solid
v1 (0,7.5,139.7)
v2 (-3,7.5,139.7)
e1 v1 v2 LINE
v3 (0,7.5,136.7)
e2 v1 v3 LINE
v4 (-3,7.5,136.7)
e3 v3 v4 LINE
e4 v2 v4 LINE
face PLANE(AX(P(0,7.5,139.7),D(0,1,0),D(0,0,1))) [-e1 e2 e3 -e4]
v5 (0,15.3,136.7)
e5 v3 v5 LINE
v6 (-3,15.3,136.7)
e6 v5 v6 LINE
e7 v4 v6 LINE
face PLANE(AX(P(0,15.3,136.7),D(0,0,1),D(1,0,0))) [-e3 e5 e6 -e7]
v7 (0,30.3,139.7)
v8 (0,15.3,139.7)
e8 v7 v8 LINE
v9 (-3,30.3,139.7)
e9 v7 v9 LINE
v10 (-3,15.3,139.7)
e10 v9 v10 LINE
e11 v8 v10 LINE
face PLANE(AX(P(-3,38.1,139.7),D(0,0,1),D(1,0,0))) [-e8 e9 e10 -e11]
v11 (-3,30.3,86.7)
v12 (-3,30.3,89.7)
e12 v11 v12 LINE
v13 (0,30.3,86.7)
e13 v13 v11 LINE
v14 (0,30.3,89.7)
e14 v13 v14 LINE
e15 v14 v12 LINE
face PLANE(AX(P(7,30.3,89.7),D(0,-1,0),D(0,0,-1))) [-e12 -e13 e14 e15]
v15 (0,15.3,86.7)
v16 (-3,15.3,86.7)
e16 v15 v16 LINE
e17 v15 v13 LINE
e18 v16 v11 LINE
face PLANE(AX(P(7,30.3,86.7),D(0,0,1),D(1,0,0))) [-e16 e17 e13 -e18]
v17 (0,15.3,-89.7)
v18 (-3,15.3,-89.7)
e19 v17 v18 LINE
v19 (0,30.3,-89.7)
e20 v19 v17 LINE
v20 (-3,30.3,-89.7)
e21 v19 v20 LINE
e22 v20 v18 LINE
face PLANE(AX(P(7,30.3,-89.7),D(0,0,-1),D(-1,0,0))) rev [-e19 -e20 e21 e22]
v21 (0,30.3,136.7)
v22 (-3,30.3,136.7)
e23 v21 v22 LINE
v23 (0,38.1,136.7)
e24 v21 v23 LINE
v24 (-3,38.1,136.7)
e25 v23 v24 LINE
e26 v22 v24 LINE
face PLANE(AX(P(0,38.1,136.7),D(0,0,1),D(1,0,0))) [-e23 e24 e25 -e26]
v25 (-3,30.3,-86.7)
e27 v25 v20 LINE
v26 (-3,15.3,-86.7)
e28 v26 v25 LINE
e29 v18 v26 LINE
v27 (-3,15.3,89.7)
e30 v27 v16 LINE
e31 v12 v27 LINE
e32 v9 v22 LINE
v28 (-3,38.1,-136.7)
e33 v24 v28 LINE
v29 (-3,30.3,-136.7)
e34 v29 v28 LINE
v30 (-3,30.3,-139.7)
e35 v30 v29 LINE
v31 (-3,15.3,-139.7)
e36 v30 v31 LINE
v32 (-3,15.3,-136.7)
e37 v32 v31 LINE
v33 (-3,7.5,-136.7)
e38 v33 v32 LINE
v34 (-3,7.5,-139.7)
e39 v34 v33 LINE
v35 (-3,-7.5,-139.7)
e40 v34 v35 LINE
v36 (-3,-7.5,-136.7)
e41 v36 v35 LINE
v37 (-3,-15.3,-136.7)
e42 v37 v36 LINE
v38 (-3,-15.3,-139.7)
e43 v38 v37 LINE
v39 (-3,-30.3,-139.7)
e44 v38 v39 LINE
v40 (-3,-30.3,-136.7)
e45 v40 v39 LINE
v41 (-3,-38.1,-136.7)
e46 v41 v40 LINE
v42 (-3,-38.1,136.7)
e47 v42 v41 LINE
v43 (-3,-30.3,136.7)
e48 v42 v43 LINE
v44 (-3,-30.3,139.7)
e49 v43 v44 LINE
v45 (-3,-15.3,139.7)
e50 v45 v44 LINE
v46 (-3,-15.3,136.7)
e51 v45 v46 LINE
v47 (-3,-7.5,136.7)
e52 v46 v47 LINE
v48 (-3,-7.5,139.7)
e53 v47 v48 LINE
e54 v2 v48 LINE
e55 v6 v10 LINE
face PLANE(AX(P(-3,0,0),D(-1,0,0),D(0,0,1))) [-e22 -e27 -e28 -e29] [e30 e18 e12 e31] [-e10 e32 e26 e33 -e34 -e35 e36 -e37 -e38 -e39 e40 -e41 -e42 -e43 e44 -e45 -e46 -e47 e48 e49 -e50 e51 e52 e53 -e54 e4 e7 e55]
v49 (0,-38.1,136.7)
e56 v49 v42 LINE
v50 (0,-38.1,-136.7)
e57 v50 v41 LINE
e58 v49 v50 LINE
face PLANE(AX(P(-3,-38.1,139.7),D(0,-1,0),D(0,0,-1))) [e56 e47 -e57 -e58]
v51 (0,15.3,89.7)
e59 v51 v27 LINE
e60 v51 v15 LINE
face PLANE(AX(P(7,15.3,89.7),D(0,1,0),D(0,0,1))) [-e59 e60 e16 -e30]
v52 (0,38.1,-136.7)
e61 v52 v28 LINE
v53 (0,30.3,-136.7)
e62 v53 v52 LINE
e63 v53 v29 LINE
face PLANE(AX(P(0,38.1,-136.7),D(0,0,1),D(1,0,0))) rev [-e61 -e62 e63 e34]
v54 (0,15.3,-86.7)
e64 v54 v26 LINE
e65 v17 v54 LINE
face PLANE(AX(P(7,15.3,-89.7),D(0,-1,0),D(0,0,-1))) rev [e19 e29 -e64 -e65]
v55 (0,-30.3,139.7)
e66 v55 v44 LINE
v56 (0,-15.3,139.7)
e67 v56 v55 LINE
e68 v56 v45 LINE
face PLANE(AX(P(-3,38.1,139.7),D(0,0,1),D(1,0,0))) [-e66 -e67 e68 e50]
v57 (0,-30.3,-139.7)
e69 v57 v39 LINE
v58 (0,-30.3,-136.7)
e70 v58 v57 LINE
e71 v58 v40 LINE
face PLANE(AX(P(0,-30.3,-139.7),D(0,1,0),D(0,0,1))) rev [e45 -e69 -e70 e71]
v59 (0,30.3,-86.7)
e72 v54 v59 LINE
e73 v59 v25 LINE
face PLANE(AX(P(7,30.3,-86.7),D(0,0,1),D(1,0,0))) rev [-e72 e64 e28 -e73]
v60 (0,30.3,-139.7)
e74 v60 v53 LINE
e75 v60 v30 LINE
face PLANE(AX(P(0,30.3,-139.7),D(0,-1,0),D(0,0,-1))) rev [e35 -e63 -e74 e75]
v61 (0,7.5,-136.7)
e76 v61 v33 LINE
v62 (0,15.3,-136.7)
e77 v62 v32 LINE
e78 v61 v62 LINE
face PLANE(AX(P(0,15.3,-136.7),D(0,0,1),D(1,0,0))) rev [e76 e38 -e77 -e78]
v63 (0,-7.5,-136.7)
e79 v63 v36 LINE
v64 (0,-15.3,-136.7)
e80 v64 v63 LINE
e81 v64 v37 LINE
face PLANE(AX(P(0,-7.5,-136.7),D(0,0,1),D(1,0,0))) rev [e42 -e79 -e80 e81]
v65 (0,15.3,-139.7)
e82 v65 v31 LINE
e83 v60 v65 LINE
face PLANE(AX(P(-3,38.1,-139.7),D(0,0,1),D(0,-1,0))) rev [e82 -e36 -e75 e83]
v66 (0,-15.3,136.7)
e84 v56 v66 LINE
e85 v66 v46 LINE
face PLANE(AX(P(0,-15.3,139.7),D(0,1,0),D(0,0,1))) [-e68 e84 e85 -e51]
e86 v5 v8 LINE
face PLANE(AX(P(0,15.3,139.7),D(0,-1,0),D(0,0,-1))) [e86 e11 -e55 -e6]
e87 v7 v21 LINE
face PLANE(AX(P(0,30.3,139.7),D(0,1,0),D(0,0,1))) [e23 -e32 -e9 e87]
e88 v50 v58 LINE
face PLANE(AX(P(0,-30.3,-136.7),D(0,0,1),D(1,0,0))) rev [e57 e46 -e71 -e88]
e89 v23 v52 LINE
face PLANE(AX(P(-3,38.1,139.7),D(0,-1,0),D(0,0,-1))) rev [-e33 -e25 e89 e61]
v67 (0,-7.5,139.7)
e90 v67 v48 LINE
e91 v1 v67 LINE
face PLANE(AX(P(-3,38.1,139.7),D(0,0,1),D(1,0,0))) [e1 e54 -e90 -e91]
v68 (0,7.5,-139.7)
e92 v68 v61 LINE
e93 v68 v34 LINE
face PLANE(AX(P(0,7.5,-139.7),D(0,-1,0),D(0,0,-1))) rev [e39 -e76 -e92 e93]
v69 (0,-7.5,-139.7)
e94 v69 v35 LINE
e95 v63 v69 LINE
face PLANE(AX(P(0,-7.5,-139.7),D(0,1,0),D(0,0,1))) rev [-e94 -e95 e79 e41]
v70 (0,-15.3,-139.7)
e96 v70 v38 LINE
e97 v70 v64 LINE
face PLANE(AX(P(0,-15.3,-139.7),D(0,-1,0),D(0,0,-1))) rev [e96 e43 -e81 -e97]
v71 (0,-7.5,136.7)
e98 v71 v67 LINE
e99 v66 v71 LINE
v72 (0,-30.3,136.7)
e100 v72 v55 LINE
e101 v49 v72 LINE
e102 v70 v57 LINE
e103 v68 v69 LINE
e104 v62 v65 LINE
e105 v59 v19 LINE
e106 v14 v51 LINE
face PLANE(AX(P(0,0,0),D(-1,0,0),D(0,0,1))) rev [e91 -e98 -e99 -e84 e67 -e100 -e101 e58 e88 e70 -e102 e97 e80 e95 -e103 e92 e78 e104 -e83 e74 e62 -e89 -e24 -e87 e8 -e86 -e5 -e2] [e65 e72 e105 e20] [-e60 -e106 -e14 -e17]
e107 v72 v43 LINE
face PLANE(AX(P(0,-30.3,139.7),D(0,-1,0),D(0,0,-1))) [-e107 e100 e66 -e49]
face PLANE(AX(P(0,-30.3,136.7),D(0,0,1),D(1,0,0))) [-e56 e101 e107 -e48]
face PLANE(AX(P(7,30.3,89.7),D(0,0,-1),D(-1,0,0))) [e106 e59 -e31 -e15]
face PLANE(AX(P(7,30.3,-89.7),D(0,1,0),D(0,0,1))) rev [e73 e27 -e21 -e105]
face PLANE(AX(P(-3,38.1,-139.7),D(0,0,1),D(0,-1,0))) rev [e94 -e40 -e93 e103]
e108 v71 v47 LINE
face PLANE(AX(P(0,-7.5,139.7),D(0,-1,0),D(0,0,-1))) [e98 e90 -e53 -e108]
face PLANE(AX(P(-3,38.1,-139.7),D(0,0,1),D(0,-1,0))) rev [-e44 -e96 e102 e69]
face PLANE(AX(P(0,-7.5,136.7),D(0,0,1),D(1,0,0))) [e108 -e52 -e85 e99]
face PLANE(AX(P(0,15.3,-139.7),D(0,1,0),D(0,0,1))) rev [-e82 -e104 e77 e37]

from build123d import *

# Parameters (mm, degrees)
SKETCH1_W               = 279.4
SKETCH1_H               = 76.2
BOSS_EXTRUDE1_DEPTH     = 3
SKETCH3_W               = 3
SKETCH3_H               = 7.8
CUT_EXTRUDE1_DEPTH      = 145.833352512
LPATTERN1_COUNT         = 4
LPATTERN1_PITCH         = 22.8
MIRROR1_COPY_1_SKETCH_W = 3
MIRROR1_COPY_1_SKETCH_H = 7.8
MIRROR1_COPY_1_DEPTH    = 145.833352512
MIRROR1_COPY_2_SKETCH_W = 3
MIRROR1_COPY_2_SKETCH_H = 7.8
MIRROR1_COPY_2_DEPTH    = 145.833352512
MIRROR1_COPY_3_SKETCH_W = 3
MIRROR1_COPY_3_SKETCH_H = 7.8
MIRROR1_COPY_3_DEPTH    = 145.833352512
SKETCH5_W               = 3
SKETCH5_H               = 15
CUT_EXTRUDE3_DEPTH      = 10


with BuildPart() as part:
    # Sketch1 → Boss-Extrude1 (new body)
    with BuildSketch(Plane(origin=(0, 0, 0), x_dir=(0, 0, -1), z_dir=(1, 0, 0))):
        Rectangle(SKETCH1_W, SKETCH1_H)
    extrude(amount=-BOSS_EXTRUDE1_DEPTH)

    # Sketch3 → Cut-Extrude1 (cut, through all)
    with BuildSketch(Plane.ZY.offset(3)):
        with Locations((-138.2, 34.2)):
            Rectangle(SKETCH3_W, SKETCH3_H)
    cut_extrude1 = extrude(amount=-CUT_EXTRUDE1_DEPTH, mode=Mode.SUBTRACT)

    # LPattern1: Cut-Extrude1 ×4
    with Locations(*[(0, -i * LPATTERN1_PITCH, 0) for i in range(1, LPATTERN1_COUNT)]):
        add(cut_extrude1, mode=Mode.SUBTRACT)

    # Mirror1: Cut-Extrude1 across plane
    add(cut_extrude1.mirror(Plane.XY), mode=Mode.SUBTRACT)

    # Mirror1 copy 1 sketch → Mirror1 copy 1 (cut, through all)
    with BuildSketch(Plane(origin=(-3, -22.8, 0), x_dir=(0, 0, -1), z_dir=(-1, 0, 0))):
        with Locations((-138.2, -34.2)):
            Rectangle(MIRROR1_COPY_1_SKETCH_W, MIRROR1_COPY_1_SKETCH_H)
    extrude(amount=-MIRROR1_COPY_1_DEPTH, mode=Mode.SUBTRACT)

    # Mirror1 copy 2 sketch → Mirror1 copy 2 (cut, through all)
    with BuildSketch(Plane(origin=(-3, -45.6, 0), x_dir=(0, 0, -1), z_dir=(-1, 0, 0))):
        with Locations((-138.2, -34.2)):
            Rectangle(MIRROR1_COPY_2_SKETCH_W, MIRROR1_COPY_2_SKETCH_H)
    extrude(amount=-MIRROR1_COPY_2_DEPTH, mode=Mode.SUBTRACT)

    # Mirror1 copy 3 sketch → Mirror1 copy 3 (cut, through all)
    with BuildSketch(Plane(origin=(-3, -68.4, 0), x_dir=(0, 0, -1), z_dir=(-1, 0, 0))):
        with Locations((-138.2, -34.2)):
            Rectangle(MIRROR1_COPY_3_SKETCH_W, MIRROR1_COPY_3_SKETCH_H)
    extrude(amount=-MIRROR1_COPY_3_DEPTH, mode=Mode.SUBTRACT)

    # Sketch5 → Cut-Extrude3 (cut)
    with BuildSketch(Plane.ZY.offset(3)):
        with Locations((-88.2, 22.8)):
            Rectangle(SKETCH5_W, SKETCH5_H)
    cut_extrude3 = extrude(amount=-CUT_EXTRUDE3_DEPTH, mode=Mode.SUBTRACT)

    # Mirror2: Cut-Extrude3 across plane
    add(cut_extrude3.mirror(Plane.XY), mode=Mode.SUBTRACT)


solid = part.part
